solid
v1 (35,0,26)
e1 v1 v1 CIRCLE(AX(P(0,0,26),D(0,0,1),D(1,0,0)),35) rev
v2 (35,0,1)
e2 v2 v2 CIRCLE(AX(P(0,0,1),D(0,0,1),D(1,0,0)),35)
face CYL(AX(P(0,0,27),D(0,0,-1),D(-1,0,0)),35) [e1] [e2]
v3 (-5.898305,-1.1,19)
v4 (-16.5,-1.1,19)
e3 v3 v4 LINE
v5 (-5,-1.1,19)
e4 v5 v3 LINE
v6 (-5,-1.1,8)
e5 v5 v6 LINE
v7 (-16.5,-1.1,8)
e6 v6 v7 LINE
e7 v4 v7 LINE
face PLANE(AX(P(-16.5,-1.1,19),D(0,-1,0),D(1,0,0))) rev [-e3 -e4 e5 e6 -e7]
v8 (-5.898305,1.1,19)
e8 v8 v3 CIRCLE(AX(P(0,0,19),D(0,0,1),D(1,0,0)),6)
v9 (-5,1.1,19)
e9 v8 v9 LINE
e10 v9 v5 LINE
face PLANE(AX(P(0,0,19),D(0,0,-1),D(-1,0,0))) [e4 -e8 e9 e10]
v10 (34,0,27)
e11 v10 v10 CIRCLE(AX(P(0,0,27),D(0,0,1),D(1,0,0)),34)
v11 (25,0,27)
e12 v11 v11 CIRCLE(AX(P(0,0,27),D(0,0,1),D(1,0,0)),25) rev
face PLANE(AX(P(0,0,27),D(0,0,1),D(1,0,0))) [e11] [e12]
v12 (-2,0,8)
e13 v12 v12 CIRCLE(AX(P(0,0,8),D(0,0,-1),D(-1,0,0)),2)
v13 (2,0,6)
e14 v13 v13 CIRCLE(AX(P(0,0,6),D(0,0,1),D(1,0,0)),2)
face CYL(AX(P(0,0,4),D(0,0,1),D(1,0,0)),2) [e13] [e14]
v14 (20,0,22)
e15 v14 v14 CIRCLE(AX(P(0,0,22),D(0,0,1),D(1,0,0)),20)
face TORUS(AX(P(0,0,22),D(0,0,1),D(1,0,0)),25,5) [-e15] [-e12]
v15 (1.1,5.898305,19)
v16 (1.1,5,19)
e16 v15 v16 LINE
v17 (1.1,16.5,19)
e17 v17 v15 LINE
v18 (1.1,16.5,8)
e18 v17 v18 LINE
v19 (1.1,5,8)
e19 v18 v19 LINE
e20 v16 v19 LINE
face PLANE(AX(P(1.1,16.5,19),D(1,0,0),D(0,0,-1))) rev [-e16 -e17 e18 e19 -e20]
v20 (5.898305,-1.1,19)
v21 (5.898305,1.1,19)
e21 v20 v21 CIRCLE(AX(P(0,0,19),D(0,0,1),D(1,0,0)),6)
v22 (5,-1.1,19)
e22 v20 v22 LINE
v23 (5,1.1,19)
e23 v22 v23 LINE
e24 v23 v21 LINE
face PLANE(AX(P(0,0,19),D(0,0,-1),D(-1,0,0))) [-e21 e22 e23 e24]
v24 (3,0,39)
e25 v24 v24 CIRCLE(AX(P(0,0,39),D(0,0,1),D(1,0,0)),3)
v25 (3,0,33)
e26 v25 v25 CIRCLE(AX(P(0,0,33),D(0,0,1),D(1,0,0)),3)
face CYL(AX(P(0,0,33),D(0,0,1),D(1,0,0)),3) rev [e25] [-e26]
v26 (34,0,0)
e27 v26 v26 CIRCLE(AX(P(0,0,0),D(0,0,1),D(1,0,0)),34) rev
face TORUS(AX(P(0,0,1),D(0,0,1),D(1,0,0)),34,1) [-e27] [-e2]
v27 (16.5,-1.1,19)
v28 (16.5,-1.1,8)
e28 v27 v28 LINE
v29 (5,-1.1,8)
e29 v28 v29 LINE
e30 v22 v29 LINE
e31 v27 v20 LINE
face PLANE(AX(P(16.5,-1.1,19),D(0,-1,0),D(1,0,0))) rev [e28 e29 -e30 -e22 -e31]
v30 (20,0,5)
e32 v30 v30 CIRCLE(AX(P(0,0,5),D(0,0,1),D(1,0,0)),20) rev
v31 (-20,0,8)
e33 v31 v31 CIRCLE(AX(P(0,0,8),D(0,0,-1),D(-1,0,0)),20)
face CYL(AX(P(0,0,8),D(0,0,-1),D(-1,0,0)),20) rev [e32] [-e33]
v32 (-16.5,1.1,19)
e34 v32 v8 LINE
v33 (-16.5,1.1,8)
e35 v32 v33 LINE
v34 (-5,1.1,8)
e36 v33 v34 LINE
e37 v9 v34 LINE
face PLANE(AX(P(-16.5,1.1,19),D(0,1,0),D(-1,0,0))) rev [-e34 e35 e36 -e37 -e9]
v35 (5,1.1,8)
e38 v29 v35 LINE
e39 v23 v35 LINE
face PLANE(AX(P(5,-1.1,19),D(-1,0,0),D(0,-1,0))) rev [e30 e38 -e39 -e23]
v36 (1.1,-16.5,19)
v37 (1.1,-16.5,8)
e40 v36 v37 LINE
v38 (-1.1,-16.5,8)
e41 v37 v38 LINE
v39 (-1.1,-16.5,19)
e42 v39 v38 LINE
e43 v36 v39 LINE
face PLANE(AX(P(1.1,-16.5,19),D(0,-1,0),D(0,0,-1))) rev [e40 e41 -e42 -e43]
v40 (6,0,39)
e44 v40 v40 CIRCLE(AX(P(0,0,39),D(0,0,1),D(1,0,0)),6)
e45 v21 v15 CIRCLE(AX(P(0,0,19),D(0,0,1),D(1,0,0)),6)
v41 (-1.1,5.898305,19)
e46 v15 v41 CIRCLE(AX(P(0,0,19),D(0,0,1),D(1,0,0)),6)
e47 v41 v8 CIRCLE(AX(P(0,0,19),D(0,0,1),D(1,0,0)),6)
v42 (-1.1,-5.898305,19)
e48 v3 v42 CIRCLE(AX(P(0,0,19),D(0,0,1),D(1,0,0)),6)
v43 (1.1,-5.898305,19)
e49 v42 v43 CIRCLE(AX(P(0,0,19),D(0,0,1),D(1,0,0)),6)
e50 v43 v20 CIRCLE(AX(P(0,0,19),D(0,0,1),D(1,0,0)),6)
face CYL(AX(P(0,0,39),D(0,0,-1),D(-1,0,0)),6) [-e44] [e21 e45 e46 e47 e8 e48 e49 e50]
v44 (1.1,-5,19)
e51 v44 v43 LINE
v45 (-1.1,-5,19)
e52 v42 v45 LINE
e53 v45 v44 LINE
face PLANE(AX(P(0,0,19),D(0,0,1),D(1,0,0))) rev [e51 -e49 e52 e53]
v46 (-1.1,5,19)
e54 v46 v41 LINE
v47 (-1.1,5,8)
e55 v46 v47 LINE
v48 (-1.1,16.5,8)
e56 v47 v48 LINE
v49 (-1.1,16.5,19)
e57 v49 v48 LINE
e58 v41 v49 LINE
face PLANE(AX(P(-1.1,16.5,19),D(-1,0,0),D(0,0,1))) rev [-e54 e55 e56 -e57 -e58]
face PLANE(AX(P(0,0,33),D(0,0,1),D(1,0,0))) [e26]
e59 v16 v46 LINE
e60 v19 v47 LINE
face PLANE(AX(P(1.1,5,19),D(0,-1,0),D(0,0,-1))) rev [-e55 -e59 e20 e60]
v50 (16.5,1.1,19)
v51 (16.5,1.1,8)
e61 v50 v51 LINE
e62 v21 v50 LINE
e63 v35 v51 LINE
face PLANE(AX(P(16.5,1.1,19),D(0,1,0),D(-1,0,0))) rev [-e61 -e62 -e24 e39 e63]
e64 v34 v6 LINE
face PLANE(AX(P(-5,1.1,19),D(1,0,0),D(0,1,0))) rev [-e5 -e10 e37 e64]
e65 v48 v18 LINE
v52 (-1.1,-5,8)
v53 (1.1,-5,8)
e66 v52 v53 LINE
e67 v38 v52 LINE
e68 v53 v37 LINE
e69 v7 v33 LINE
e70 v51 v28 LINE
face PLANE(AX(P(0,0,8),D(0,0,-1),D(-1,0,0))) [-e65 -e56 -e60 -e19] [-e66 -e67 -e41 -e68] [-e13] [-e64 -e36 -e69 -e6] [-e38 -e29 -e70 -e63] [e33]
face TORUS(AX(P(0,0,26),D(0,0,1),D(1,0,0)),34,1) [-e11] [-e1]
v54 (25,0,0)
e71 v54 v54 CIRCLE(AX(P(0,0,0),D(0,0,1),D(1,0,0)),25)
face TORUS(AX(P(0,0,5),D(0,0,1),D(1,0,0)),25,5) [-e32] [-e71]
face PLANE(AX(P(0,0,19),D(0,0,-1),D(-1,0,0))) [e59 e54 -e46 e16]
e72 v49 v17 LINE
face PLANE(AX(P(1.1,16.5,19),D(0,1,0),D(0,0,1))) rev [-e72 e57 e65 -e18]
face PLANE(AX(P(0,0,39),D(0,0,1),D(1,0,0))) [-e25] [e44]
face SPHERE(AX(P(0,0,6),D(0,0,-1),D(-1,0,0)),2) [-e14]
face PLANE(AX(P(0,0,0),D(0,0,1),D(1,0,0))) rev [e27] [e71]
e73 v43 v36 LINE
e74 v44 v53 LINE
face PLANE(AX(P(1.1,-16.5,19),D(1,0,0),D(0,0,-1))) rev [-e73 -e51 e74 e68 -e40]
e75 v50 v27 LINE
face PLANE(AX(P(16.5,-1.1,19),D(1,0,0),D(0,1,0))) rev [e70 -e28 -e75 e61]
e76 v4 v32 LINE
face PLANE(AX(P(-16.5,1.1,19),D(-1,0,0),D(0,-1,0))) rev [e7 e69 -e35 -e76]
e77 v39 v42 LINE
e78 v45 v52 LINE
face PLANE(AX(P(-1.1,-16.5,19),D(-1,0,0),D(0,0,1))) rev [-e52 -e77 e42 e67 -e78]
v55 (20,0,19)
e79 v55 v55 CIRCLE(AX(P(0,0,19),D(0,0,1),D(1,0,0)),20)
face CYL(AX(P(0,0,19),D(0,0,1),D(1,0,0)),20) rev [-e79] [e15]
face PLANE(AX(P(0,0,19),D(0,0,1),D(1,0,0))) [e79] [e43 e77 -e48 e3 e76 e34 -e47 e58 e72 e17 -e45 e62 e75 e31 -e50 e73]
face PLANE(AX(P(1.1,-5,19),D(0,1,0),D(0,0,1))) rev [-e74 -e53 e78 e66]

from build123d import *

# Parameters (mm, degrees)
SKETCH_1_R          = 35
EXTRUDE_1_DEPTH     = 27
SKETCH_2_R          = 20
CUT_EXTRUDE_1_DEPTH = 8
CUT_EXTRUDE_START   = -8
SKETCH_3_R          = 20
CUT_EXTRUDE_2_DEPTH = 8
FILLET_3_R          = 5
FILLET_4_R          = 5
SKETCH_4_R          = 6
EXTRUDE_2_DEPTH     = 20
SKETCH_5_R          = 3
CUT_EXTRUDE_3_DEPTH = 6
FILLET_5_R          = 1
FILLET_6_R          = 1
SKETCH_6_W          = 11.5
SKETCH_6_H          = 2.2
SKETCH_6_W_2        = 2.2
SKETCH_6_H_2        = 11.5
CUT_EXTRUDE_5_DEPTH = 11
SKETCH_7_R          = 2
EXTRUDE_3_DEPTH     = 4
FILLET_8_R          = 2


with BuildPart() as part:
    # 草图1 → 凸台-拉伸1 (new body)
    with BuildSketch(Plane.XY):
        Circle(SKETCH_1_R)
    extrude(amount=EXTRUDE_1_DEPTH)

    # 草图2 → 切除-拉伸1 (cut)
    with BuildSketch(Plane(origin=(0, 0, 0), x_dir=(-1, 0, 0), z_dir=(0, 0, -1))):
        Circle(SKETCH_2_R)
    extrude(amount=-CUT_EXTRUDE_1_DEPTH, mode=Mode.SUBTRACT)

    # 草图3 → 切除-拉伸2 (cut)
    with BuildSketch(Plane.XY.offset(27).offset(CUT_EXTRUDE_START)):
        with Locations(Location((0, 0, 0), (0, 0, 180))):
            Circle(SKETCH_3_R)
    extrude(amount=CUT_EXTRUDE_2_DEPTH, mode=Mode.SUBTRACT)

    # 圆角3
    fillet_3_edges = [part.edges().sort_by_distance(p)[0] for p in [
        (20, 0, 0),
    ]]
    fillet(fillet_3_edges, radius=FILLET_3_R)

    # 圆角4
    fillet_4_edges = [part.edges().sort_by_distance(p)[0] for p in [
        (20, 0, 27),
    ]]
    fillet(fillet_4_edges, radius=FILLET_4_R)

    # 草图4 → 凸台-拉伸2 (add)
    with BuildSketch(Plane.XY.offset(19)):
        Circle(SKETCH_4_R)
    extrude(amount=EXTRUDE_2_DEPTH)

    # 草图5 → 切除-拉伸3 (cut)
    with BuildSketch(Plane.XY.offset(39)):
        Circle(SKETCH_5_R)
    extrude(amount=-CUT_EXTRUDE_3_DEPTH, mode=Mode.SUBTRACT)

    # 圆角5
    fillet_5_edges = [part.edges().sort_by_distance(p)[0] for p in [
        (-35, 0, 0),
    ]]
    fillet(fillet_5_edges, radius=FILLET_5_R)

    # 圆角6
    fillet_6_edges = [part.edges().sort_by_distance(p)[0] for p in [
        (-35, 0, 27),
    ]]
    fillet(fillet_6_edges, radius=FILLET_6_R)

    # 草图6 → 切除-拉伸5 (cut)
    with BuildSketch(Plane(origin=(0, 0, 8), x_dir=(-1, 0, 0), z_dir=(0, 0, -1))):
        with Locations((10.75, 0)):
            Rectangle(SKETCH_6_W, SKETCH_6_H)
        with Locations((0, -10.75)):
            Rectangle(SKETCH_6_W_2, SKETCH_6_H_2)
        with Locations((0, 10.75)):
            Rectangle(SKETCH_6_W_2, SKETCH_6_H_2)
        with Locations((-10.75, 0)):
            Rectangle(SKETCH_6_W, SKETCH_6_H)
    extrude(amount=-CUT_EXTRUDE_5_DEPTH, mode=Mode.SUBTRACT)

    # 草图7 → 凸台-拉伸3 (add)
    with BuildSketch(Plane(origin=(0, 0, 8), x_dir=(-1, 0, 0), z_dir=(0, 0, -1))):
        Circle(SKETCH_7_R)
    extrude(amount=EXTRUDE_3_DEPTH)

    # 圆角8
    fillet_8_edges = [part.edges().sort_by_distance(p)[0] for p in [
        (2, 0, 4),
    ]]
    fillet(fillet_8_edges, radius=FILLET_8_R)


solid = part.part
